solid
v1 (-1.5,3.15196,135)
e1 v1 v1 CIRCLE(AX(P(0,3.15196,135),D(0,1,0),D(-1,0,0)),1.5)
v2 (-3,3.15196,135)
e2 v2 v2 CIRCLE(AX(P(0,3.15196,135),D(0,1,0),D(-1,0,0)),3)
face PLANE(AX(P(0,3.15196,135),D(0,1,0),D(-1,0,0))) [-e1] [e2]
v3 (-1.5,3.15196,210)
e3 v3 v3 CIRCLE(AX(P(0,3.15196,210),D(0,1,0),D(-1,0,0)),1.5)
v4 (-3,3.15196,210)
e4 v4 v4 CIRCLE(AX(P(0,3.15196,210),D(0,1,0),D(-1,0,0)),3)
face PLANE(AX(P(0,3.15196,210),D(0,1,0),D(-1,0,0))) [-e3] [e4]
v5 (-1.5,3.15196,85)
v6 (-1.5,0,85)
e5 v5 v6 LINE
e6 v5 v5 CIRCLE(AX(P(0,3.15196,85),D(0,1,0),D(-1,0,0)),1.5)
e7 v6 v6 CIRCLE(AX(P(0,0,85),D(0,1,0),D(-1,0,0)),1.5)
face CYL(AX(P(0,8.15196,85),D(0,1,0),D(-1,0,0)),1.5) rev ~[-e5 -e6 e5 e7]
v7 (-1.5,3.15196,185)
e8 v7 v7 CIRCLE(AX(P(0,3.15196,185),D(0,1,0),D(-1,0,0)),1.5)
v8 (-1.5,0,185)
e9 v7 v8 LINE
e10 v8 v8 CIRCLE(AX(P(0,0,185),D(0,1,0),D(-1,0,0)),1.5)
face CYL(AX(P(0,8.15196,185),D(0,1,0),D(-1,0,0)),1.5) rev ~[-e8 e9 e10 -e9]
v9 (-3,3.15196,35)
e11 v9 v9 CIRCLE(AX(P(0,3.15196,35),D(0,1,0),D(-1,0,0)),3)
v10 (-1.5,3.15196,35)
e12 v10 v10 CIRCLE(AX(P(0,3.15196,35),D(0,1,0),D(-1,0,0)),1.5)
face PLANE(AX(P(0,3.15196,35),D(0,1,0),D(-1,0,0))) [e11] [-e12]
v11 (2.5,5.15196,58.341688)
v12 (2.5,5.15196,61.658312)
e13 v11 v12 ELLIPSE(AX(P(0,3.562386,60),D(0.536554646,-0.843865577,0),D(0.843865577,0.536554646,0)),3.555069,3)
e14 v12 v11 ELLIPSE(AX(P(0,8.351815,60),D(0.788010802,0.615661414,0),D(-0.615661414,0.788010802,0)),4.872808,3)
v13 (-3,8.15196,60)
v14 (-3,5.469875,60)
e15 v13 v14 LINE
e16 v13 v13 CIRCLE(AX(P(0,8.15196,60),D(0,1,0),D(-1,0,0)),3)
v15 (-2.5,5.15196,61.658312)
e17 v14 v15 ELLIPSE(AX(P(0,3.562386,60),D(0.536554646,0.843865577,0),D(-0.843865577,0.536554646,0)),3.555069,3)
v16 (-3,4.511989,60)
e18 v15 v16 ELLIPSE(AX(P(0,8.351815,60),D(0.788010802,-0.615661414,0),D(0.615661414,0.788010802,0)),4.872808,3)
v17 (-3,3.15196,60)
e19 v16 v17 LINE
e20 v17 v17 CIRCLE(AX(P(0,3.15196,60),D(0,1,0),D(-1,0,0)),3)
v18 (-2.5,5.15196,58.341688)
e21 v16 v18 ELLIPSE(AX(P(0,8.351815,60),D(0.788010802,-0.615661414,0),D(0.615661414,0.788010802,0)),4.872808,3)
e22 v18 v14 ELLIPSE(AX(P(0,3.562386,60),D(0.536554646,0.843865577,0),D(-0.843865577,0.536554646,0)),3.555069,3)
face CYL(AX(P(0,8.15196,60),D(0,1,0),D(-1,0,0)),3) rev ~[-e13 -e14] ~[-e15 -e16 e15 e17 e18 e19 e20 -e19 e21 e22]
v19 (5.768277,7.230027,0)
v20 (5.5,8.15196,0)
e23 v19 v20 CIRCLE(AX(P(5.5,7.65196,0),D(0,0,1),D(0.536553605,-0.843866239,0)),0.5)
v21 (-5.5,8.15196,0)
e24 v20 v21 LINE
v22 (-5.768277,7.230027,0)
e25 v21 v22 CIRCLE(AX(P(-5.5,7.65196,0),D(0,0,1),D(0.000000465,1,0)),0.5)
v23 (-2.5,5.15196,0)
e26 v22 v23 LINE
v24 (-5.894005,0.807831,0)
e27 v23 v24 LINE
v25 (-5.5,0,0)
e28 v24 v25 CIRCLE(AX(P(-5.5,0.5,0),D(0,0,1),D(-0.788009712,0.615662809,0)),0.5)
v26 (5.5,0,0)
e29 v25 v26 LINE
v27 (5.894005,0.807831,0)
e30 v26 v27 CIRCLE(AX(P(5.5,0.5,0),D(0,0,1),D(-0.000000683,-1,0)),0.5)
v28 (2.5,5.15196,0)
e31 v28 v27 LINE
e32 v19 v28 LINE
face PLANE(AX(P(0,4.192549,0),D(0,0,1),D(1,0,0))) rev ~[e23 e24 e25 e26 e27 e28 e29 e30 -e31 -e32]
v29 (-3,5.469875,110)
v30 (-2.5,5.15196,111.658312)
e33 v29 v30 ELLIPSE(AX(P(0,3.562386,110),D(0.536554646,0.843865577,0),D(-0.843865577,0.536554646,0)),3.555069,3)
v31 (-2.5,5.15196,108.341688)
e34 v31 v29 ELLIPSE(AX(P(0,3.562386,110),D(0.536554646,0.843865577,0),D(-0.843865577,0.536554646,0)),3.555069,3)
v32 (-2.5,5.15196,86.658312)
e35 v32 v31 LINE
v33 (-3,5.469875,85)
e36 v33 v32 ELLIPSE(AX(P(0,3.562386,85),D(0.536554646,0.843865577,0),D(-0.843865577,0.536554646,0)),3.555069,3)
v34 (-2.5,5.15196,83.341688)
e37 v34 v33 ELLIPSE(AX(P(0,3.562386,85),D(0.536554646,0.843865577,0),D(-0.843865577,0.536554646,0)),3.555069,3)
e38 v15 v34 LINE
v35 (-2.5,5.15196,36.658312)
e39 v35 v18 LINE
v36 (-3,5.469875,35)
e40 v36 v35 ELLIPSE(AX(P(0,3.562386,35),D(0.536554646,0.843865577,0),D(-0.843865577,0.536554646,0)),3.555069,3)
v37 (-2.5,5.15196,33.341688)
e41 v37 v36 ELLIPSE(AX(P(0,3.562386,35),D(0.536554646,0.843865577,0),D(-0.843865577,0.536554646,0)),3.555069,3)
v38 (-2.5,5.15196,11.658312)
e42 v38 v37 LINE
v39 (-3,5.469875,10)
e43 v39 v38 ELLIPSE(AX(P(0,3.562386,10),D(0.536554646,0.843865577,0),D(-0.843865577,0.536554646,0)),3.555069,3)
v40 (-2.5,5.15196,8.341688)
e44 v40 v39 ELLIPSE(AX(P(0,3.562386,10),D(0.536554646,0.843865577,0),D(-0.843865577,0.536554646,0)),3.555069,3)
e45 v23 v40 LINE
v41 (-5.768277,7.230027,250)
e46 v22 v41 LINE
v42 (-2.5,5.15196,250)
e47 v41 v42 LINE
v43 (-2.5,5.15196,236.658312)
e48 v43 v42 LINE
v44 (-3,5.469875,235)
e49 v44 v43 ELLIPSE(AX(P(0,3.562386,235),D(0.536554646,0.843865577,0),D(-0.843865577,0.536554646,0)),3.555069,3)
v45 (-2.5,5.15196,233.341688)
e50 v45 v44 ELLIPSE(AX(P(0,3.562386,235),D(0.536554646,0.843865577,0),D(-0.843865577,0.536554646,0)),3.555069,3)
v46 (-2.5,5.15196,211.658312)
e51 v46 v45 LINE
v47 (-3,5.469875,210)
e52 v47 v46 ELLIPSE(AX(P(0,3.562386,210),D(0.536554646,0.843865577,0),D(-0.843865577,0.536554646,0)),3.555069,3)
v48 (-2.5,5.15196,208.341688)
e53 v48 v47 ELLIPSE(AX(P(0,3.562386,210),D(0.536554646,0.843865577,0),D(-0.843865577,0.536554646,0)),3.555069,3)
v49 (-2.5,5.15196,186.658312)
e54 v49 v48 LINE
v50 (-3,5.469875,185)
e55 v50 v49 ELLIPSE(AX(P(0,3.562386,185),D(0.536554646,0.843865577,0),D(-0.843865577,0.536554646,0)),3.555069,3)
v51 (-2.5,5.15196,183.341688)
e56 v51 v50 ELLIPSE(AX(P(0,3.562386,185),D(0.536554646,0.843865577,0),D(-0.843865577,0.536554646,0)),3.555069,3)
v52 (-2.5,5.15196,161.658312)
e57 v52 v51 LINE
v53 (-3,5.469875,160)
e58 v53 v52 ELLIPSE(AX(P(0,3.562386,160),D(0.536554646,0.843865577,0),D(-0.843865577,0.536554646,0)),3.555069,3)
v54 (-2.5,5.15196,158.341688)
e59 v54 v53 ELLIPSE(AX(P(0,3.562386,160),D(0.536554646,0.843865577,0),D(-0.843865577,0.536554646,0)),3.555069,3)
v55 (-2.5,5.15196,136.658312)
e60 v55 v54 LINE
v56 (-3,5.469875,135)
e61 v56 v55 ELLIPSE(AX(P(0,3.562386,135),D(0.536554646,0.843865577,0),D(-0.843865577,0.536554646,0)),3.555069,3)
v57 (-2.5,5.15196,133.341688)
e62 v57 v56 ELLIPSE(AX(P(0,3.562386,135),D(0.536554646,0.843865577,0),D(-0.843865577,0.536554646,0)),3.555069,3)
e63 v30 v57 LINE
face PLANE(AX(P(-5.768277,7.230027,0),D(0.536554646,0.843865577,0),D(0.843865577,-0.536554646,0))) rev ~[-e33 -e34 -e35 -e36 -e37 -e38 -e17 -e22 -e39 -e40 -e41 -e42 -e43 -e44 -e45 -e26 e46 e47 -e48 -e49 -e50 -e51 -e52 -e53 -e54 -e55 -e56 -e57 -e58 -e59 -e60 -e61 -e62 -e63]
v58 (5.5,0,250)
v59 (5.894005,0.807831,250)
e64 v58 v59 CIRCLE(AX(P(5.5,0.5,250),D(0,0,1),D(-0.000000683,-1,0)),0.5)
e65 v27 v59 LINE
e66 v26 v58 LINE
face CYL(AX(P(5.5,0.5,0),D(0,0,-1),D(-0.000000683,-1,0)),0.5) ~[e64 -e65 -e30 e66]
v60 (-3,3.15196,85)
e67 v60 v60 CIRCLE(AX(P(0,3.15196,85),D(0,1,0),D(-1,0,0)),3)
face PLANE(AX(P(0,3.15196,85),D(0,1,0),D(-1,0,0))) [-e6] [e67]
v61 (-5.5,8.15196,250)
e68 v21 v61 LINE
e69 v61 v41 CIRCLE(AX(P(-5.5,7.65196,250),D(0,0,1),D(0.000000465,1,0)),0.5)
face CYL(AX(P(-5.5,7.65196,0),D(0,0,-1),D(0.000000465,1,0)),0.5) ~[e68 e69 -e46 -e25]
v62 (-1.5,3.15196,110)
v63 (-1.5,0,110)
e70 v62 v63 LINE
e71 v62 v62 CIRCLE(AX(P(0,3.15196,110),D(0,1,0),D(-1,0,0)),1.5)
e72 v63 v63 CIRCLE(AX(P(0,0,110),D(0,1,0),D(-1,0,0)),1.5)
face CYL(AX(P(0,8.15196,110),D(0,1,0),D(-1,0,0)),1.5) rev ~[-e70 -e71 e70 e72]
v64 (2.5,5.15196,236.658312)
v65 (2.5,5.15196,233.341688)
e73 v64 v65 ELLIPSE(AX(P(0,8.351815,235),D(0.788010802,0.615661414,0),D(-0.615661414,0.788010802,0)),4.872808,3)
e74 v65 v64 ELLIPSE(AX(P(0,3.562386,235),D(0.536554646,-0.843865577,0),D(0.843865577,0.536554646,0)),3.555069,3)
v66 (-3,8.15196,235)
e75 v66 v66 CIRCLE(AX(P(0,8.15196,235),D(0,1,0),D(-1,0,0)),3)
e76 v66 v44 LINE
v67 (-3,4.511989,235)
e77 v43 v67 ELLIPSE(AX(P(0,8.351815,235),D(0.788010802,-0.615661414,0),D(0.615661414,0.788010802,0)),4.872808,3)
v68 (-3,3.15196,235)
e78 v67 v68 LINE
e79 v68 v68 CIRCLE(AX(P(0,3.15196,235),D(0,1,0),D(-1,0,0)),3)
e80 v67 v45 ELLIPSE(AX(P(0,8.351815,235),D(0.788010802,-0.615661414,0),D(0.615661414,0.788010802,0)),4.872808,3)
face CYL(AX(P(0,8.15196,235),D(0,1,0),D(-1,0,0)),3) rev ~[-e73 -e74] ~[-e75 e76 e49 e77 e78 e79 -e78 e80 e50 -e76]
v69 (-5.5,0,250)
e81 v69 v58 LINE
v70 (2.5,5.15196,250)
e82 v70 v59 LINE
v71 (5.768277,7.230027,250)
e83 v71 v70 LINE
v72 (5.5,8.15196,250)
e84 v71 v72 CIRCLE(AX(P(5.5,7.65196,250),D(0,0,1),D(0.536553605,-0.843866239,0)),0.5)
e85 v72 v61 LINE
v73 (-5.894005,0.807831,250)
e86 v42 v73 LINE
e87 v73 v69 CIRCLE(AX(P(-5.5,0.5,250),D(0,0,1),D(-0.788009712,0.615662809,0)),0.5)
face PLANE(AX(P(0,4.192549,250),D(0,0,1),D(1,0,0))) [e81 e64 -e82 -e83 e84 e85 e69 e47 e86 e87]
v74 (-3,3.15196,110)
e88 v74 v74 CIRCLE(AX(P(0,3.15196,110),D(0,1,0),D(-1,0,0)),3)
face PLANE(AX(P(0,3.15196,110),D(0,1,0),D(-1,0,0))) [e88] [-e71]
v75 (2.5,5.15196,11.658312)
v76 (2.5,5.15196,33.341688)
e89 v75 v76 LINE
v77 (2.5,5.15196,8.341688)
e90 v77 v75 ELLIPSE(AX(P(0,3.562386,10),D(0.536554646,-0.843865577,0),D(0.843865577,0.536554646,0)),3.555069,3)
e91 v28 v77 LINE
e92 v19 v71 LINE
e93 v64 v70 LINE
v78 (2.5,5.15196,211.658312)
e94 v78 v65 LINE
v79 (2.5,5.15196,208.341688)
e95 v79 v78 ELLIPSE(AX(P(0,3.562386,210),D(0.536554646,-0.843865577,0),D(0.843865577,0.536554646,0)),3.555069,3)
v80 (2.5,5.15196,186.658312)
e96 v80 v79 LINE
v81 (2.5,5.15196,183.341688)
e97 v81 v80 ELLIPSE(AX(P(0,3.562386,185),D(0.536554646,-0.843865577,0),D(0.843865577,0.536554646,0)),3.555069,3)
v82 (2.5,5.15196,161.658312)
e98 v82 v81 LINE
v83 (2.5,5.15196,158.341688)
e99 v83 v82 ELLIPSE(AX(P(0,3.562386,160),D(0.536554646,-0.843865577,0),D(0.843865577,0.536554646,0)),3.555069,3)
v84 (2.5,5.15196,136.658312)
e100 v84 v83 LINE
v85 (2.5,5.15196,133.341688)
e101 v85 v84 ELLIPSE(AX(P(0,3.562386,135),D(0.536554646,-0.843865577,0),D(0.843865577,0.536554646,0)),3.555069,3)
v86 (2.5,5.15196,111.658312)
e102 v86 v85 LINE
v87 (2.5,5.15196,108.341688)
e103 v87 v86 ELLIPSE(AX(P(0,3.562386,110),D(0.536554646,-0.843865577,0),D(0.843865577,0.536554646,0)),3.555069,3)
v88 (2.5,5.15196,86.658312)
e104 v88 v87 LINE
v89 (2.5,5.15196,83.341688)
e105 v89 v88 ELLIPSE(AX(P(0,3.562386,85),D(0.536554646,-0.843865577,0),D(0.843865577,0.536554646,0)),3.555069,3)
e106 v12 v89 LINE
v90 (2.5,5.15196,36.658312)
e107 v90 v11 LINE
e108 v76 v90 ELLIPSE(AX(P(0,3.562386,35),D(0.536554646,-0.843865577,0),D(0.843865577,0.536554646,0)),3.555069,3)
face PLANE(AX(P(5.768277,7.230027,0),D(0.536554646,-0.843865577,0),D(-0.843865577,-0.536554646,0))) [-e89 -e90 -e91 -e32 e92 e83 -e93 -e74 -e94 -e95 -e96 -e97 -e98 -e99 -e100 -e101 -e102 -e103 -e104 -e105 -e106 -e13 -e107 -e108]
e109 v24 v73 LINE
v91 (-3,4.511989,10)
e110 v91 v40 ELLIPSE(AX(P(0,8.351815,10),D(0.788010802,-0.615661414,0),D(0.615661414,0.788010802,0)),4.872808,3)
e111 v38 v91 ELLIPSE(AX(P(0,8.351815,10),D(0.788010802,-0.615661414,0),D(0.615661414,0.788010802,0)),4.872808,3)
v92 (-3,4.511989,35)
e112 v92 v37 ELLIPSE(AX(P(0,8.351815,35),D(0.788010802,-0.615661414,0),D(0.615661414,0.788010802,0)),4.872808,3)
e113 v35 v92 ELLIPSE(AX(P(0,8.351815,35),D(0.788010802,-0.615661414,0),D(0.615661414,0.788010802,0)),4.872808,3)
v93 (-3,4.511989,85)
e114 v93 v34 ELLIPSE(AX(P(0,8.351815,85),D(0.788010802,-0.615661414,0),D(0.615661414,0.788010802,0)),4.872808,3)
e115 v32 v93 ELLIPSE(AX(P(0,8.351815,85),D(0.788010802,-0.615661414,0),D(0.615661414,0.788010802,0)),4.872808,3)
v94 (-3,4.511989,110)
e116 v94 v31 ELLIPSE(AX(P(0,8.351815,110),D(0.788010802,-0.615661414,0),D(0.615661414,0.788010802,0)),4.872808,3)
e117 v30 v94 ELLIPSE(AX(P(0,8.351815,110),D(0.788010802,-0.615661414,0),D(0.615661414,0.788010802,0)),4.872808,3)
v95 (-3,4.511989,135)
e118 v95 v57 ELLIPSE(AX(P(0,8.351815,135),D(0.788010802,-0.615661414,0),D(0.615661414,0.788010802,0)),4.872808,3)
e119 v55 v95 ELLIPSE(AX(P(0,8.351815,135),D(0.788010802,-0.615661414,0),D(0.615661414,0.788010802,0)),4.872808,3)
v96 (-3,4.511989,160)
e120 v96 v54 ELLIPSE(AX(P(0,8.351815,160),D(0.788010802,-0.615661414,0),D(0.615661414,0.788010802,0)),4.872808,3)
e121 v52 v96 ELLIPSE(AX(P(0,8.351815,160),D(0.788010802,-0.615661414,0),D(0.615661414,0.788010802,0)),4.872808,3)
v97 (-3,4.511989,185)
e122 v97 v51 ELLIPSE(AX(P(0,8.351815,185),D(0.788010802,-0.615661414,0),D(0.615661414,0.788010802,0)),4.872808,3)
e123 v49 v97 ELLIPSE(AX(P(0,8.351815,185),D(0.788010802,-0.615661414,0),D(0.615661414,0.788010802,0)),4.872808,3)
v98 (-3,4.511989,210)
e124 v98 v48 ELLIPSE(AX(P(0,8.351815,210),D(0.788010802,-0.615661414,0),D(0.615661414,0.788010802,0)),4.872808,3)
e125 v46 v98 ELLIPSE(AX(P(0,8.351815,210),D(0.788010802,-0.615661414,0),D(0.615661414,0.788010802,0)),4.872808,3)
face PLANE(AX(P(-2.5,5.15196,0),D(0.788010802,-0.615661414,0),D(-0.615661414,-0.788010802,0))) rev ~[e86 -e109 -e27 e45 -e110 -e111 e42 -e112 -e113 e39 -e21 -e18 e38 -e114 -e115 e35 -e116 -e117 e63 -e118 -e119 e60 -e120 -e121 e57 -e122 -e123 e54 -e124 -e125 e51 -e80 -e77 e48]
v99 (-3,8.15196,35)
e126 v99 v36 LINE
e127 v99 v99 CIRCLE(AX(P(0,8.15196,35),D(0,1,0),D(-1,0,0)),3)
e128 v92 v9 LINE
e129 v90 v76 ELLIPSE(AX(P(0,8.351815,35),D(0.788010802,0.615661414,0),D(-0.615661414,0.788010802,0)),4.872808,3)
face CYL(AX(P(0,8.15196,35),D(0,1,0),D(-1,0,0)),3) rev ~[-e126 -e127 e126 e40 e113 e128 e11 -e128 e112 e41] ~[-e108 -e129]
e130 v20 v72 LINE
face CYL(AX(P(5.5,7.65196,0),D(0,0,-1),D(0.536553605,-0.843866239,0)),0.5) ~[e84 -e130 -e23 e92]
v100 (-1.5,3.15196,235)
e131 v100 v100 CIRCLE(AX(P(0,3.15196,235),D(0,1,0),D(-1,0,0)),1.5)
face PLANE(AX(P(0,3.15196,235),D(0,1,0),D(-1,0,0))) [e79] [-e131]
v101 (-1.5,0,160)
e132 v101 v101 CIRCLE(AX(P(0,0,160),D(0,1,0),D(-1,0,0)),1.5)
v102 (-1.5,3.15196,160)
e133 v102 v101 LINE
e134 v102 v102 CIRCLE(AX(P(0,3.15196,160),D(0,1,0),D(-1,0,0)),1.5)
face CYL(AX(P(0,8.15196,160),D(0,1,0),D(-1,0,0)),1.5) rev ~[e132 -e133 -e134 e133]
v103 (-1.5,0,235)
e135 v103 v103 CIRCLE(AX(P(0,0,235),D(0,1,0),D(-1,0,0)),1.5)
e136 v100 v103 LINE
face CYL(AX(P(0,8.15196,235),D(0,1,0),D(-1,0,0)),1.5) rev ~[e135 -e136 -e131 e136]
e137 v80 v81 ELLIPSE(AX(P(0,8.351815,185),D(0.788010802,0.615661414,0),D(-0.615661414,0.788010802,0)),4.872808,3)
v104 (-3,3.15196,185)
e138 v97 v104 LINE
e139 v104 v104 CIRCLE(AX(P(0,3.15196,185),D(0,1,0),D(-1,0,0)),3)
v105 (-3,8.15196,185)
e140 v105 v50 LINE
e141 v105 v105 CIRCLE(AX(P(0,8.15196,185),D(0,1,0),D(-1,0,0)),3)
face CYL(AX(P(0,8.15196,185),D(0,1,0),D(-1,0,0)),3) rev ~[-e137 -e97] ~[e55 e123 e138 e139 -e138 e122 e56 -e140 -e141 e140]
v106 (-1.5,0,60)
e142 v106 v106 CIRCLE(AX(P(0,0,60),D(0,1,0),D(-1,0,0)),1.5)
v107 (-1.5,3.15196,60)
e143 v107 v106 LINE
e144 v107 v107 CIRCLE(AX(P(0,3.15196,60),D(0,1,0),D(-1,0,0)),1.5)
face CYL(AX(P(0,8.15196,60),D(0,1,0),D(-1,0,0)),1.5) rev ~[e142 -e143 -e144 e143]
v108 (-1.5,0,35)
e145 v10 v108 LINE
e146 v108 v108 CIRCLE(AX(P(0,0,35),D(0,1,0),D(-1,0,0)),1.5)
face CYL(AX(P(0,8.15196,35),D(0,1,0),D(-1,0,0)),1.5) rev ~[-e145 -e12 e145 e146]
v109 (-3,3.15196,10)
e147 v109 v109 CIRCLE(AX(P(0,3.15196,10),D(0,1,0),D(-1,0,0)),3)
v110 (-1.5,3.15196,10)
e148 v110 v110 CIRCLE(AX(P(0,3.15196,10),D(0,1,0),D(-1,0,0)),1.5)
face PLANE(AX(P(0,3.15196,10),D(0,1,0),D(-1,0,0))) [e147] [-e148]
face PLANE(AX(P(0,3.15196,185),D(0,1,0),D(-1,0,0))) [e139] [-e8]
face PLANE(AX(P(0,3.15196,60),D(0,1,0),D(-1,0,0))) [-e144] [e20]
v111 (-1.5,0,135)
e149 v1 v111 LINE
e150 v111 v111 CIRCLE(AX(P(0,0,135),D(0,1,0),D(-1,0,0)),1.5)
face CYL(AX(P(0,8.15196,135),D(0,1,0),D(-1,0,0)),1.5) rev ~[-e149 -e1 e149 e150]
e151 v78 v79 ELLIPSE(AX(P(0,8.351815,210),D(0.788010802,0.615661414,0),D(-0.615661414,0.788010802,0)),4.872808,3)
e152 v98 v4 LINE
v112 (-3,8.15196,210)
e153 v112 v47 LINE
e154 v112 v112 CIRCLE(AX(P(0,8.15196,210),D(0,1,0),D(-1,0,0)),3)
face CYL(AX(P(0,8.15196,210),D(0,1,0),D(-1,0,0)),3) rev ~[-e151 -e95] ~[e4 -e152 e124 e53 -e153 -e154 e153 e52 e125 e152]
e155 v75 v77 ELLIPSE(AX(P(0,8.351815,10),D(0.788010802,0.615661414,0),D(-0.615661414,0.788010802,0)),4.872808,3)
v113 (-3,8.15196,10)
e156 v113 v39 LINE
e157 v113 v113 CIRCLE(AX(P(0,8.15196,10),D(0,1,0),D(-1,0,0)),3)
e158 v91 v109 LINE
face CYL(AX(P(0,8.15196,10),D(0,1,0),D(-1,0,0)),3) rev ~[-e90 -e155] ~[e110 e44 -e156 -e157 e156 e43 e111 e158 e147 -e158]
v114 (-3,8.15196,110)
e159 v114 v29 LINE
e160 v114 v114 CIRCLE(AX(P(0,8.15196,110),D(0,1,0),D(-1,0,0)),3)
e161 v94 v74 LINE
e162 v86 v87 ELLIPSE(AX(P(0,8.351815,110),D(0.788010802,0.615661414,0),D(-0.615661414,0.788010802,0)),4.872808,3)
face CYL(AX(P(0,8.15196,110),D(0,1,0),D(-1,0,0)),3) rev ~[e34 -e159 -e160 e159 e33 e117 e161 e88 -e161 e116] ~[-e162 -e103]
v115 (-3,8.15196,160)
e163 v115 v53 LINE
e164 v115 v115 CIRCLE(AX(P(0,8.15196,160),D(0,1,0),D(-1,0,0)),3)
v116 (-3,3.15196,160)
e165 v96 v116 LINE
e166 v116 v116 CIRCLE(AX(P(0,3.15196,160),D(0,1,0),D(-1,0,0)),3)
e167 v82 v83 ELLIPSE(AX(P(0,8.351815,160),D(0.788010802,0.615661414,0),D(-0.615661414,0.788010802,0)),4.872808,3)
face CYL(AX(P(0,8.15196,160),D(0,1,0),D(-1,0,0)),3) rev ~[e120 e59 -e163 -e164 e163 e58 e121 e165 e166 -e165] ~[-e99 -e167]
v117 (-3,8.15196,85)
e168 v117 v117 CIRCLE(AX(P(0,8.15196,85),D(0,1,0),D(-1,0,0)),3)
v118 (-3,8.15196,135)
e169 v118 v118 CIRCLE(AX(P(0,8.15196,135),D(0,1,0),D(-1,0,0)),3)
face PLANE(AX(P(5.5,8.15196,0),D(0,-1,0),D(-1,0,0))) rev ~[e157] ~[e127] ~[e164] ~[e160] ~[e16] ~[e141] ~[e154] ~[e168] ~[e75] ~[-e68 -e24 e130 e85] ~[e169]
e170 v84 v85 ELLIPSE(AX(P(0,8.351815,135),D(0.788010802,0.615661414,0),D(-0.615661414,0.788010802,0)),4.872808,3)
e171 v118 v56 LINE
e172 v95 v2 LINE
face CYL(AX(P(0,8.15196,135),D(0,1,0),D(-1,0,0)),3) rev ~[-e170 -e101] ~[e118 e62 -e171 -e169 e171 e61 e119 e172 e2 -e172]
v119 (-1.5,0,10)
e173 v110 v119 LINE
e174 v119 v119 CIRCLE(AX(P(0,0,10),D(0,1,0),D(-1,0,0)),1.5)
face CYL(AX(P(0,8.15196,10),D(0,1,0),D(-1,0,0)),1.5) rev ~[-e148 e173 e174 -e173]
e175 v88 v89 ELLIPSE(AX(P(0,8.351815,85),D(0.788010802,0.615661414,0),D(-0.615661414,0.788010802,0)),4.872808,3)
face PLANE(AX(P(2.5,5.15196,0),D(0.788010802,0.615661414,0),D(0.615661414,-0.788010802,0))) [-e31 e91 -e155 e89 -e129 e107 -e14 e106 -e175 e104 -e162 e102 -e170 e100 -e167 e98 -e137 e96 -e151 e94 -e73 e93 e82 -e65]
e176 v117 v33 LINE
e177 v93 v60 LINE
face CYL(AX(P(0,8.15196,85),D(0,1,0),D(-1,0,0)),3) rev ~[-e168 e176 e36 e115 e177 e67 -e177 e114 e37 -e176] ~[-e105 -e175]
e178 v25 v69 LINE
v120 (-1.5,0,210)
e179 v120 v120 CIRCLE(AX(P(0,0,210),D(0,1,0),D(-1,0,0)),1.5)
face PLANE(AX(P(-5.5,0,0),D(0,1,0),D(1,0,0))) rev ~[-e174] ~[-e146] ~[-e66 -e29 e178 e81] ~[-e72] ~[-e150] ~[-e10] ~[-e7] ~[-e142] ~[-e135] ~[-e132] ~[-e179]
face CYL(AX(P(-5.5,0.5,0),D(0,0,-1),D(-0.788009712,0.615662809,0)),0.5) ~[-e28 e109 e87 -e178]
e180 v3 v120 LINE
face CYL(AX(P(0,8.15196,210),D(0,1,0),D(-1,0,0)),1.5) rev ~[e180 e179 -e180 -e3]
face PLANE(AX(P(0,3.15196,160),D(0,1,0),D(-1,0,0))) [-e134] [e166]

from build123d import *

# Parameters (mm, degrees)
PAD_DEPTH       = 250
SKETCH001_R     = 1.5
POCKET_DEPTH    = 8.15296
SKETCH002_R     = 3
POCKET001_DEPTH = 5


with BuildPart() as part:
    # Sketch → Pad (new body)
    with BuildSketch(Plane.XY):
        with BuildLine():
            Line((-5.5, 0), (5.5, 0))
            ThreePointArc((5.5, 0), (5.949397, 0.280814), (5.894005, 0.807831))
            Line((2.5, 5.15196), (5.894005, 0.807831))
            Line((5.768277, 7.230027), (2.5, 5.15196))
            ThreePointArc((5.768277, 7.230027), (5.980087, 7.791662), (5.5, 8.15196))
            Line((5.5, 8.15196), (-5.5, 8.15196))
            ThreePointArc((-5.5, 8.15196), (-5.980087, 7.791662), (-5.768277, 7.230027))
            Line((-5.768277, 7.230027), (-2.5, 5.15196))
            Line((-2.5, 5.15196), (-5.894005, 0.807831))
            ThreePointArc((-5.894005, 0.807831), (-5.949397, 0.280814), (-5.5, 0))
        make_face()
    extrude(amount=PAD_DEPTH)

    # Sketch001 (on Face2 of Pad) → Pocket (cut, through all)
    with BuildSketch(Plane(origin=(0, 8.15196, 0), x_dir=(-1, 0, 0), z_dir=(0, 1, 0))):
        with Locations((0, 10)):
            Circle(SKETCH001_R)
        with Locations((0, 35)):
            Circle(SKETCH001_R)
        with Locations((0, 60)):
            Circle(SKETCH001_R)
        with Locations((0, 85)):
            Circle(SKETCH001_R)
        with Locations((0, 110)):
            Circle(SKETCH001_R)
        with Locations((0, 135)):
            Circle(SKETCH001_R)
        with Locations((0, 160)):
            Circle(SKETCH001_R)
        with Locations((0, 185)):
            Circle(SKETCH001_R)
        with Locations((0, 210)):
            Circle(SKETCH001_R)
        with Locations((0, 235)):
            Circle(SKETCH001_R)
    extrude(amount=-POCKET_DEPTH, mode=Mode.SUBTRACT)

    # Sketch002 (on Face3 of Pocket) → Pocket001 (cut)
    with BuildSketch(Plane(origin=(0, 8.15196, 0), x_dir=(-1, 0, 0), z_dir=(0, 1, 0))):
        with Locations((0, 235)):
            Circle(SKETCH002_R)
        with Locations((0, 210)):
            Circle(SKETCH002_R)
        with Locations((0, 185)):
            Circle(SKETCH002_R)
        with Locations((0, 160)):
            Circle(SKETCH002_R)
        with Locations((0, 135)):
            Circle(SKETCH002_R)
        with Locations((0, 110)):
            Circle(SKETCH002_R)
        with Locations((0, 85)):
            Circle(SKETCH002_R)
        with Locations((0, 60)):
            Circle(SKETCH002_R)
        with Locations((0, 35)):
            Circle(SKETCH002_R)
        with Locations((0, 10)):
            Circle(SKETCH002_R)
    extrude(amount=-POCKET001_DEPTH, mode=Mode.SUBTRACT)


solid = part.part
